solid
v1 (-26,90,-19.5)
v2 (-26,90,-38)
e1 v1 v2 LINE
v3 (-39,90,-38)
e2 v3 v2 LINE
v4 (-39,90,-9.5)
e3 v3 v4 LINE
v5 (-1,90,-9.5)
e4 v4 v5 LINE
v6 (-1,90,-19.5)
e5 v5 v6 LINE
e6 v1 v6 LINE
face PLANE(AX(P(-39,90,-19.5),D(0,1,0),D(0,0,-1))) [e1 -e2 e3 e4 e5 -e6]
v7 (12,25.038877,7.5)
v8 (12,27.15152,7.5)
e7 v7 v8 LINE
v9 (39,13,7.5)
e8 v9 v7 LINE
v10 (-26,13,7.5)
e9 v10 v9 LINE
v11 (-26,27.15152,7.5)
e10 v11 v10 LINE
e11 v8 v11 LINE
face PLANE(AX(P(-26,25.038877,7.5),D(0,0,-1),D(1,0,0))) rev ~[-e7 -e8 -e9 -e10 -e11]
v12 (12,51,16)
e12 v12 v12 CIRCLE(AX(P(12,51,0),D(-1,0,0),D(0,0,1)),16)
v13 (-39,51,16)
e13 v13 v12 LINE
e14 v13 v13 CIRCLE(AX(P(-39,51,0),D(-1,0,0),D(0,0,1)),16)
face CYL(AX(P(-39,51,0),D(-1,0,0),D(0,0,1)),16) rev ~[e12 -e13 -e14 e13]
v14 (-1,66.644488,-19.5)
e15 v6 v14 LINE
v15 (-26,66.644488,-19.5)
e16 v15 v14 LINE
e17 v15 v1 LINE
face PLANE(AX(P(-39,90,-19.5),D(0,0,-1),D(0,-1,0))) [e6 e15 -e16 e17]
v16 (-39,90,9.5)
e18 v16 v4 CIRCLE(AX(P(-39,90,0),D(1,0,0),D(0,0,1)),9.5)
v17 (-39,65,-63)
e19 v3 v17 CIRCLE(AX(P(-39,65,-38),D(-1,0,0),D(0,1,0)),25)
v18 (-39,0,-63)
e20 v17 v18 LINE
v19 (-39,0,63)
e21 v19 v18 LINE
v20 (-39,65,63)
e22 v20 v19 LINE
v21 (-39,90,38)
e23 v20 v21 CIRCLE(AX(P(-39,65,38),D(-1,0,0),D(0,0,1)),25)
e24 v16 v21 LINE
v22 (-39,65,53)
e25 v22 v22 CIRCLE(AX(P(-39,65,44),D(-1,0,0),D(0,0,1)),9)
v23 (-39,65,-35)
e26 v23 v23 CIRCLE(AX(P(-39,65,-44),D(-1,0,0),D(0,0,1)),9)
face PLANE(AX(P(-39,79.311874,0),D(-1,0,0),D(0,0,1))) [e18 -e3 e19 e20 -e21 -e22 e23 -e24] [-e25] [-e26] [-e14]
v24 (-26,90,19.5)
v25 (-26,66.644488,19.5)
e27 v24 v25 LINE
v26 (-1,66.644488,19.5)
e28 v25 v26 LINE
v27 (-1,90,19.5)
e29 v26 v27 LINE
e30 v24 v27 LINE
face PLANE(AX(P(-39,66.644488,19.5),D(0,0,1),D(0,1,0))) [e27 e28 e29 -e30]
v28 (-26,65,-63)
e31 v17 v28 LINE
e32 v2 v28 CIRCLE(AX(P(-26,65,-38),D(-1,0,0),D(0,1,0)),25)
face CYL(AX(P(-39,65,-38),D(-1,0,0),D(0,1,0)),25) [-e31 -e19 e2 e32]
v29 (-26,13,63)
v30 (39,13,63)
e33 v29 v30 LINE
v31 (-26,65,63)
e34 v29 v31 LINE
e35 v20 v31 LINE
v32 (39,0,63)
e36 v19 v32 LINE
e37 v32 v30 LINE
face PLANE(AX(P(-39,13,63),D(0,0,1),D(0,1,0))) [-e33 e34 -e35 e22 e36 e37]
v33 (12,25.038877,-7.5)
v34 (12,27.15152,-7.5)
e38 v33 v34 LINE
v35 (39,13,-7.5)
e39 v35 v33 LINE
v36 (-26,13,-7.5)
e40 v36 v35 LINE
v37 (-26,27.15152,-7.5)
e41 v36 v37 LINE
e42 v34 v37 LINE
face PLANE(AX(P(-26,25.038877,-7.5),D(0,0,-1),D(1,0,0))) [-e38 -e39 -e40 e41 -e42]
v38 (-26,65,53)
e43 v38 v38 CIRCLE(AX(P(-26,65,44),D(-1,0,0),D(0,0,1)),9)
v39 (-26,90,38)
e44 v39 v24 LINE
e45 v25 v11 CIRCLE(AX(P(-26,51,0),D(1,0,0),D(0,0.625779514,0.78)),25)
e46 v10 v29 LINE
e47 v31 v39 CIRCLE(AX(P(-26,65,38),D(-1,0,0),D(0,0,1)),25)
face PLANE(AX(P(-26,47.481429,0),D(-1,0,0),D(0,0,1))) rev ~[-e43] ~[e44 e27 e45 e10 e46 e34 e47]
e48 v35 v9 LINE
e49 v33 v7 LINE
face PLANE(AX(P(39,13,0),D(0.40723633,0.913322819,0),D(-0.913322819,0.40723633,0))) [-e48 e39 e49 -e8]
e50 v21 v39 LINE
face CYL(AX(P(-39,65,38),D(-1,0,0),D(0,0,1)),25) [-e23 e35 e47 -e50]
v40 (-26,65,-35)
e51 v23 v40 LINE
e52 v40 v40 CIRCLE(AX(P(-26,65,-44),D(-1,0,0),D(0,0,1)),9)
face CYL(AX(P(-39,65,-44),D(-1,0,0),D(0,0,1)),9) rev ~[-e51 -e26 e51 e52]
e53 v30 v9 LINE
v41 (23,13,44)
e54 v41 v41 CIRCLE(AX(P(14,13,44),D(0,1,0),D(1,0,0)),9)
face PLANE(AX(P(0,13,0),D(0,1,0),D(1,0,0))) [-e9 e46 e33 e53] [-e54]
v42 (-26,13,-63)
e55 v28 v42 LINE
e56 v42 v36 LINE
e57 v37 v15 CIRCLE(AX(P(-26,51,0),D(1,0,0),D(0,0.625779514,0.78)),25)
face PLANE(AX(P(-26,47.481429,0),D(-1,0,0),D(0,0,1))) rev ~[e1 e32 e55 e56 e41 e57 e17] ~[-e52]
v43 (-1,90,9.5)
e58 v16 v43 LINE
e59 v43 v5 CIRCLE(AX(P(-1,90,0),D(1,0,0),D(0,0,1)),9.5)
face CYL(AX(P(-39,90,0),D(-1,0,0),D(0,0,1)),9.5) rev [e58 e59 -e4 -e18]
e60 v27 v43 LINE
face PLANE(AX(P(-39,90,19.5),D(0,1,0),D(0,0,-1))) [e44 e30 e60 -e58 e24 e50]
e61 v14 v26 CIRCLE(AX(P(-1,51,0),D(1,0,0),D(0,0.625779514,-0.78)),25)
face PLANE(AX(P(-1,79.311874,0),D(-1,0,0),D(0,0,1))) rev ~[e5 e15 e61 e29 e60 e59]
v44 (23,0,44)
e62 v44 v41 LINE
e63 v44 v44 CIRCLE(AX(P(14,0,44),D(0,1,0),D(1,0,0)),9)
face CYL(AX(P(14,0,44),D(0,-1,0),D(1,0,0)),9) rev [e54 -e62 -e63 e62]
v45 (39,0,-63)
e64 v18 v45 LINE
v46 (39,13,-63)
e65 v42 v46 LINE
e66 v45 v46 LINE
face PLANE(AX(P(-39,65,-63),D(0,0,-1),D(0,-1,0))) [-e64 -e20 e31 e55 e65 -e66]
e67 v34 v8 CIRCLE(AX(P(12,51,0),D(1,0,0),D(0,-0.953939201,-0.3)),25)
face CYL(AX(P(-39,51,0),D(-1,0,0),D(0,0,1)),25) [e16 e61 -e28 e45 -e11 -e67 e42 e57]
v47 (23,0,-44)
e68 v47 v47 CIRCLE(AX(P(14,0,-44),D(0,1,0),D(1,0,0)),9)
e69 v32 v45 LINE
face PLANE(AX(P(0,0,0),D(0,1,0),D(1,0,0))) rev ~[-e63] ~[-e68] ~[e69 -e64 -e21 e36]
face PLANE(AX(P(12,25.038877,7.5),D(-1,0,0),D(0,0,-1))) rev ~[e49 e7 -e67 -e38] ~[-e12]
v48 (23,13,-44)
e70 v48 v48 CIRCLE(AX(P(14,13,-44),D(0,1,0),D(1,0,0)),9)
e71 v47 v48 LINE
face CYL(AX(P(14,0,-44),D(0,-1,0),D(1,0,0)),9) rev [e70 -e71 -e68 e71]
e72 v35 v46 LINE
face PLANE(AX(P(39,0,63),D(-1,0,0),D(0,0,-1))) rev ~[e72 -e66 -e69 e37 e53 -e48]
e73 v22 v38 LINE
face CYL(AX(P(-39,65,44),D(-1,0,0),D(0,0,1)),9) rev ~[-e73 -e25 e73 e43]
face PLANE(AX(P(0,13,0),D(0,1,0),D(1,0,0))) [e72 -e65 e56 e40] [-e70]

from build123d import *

# Parameters (mm, degrees)
SKETCH1_W                = 78
SKETCH1_H                = 126
SKETCH1_R                = 9
BOSS_EXTRUDE1_DEPTH      = 13
SKETCH2_R                = 9
BOSS_EXTRUDE2_DEPTH      = 13
BOSS_EXTRUDE3_DEPTH      = 38
SKETCH2_4_R              = 25
SKETCH2_4_R_2            = 16
BOSS_EXTRUDE4_DEPTH      = 51
BOSS_EXTRUDE5_DEPTH      = 7.5
BOSS_EXTRUDE6_REACH      = 100.539
BOSS_EXTRUDE6_END_RADIUS = 25
SKETCH4_W                = 38
SKETCH4_H                = 15


with BuildPart() as part:
    # Sketch1 → Boss-Extrude1 (new body)
    with BuildSketch(Plane(origin=(0, 0, 0), x_dir=(1, 0, 0), z_dir=(0, 1, 0))):
        Rectangle(SKETCH1_W, SKETCH1_H)
        with Locations((14, -44)):
            Circle(SKETCH1_R, mode=Mode.SUBTRACT)
        with Locations((14, 44)):
            Circle(SKETCH1_R, mode=Mode.SUBTRACT)
    extrude(amount=BOSS_EXTRUDE1_DEPTH)

    # Sketch2 → Boss-Extrude2 (add)
    with BuildSketch(Plane.ZY.offset(39)):
        with BuildLine():
            Line((63, 13), (63, 65))
            ThreePointArc((63, 65), (55.67766953, 82.67766953), (38, 90))
            Line((38, 90), (19.5, 90))
            Line((19.5, 90), (19.5, 66.644487847))
            ThreePointArc((19.5, 66.644487847), (0, 26), (-19.5, 66.644487847))
            Line((-19.5, 66.644487847), (-19.5, 90))
            Line((-19.5, 90), (-38, 90))
            ThreePointArc((-38, 90), (-55.67766953, 82.67766953), (-63, 65))
            Line((-63, 65), (-63, 13))
            Line((-63, 13), (63, 13))
        make_face()
        with Locations((44, 65)):
            Circle(SKETCH2_R, mode=Mode.SUBTRACT)
        with Locations((-44, 65)):
            Circle(SKETCH2_R, mode=Mode.SUBTRACT)
    extrude(amount=-BOSS_EXTRUDE2_DEPTH)

    # Sketch2<3> → Boss-Extrude3 (add)
    with BuildSketch(Plane.ZY.offset(39)):
        with BuildLine():
            Line((19.5, 66.644487847), (19.5, 90))
            Line((19.5, 90), (9.5, 90))
            ThreePointArc((9.5, 90), (0, 80.5), (-9.5, 90))
            Line((-9.5, 90), (-19.5, 90))
            Line((-19.5, 90), (-19.5, 66.644487847))
            ThreePointArc((-19.5, 66.644487847), (0, 76), (19.5, 66.644487847))
        make_face()
    extrude(amount=-BOSS_EXTRUDE3_DEPTH)

    # Sketch2<4> → Boss-Extrude4 (add)
    with BuildSketch(Plane.ZY.offset(39)):
        with Locations((0, 51)):
            Circle(SKETCH2_4_R)
        with Locations((0, 51)):
            Circle(SKETCH2_4_R_2, mode=Mode.SUBTRACT)
    extrude(amount=-BOSS_EXTRUDE4_DEPTH)

    # Sketch3 → Boss-Extrude5 (add, symmetric)
    with BuildSketch(Plane.XY):
        Polygon((-26, 13), (39, 13), (12, 25.03887683), (-26, 25.03887683), align=None)
    extrude(amount=BOSS_EXTRUDE5_DEPTH, both=True)

    # Boss-Extrude6: up to this cylinder (the profile starts outside it)
    boss_extrude6_end = Plane(origin=(-7, 51, 0), z_dir=(-1, 0, 0)) * Cylinder(BOSS_EXTRUDE6_END_RADIUS, 252.078, mode=Mode.PRIVATE)
    # Sketch4 → Boss-Extrude6 (add, up to the surface)
    with BuildSketch(Plane(origin=(0, 25.03887683, 0), x_dir=(1, 0, 0), z_dir=(0, 1, 0)), mode=Mode.PRIVATE) as boss_extrude6_sk1:
        with Locations((-7, 0)):
            Rectangle(SKETCH4_W, SKETCH4_H)
    boss_extrude6_tool1 = extrude(boss_extrude6_sk1.sketch, amount=BOSS_EXTRUDE6_REACH, mode=Mode.PRIVATE) - boss_extrude6_end
    add(boss_extrude6_tool1.solids().sort_by_distance((-7, 25.038877, 0))[0])


solid = part.part
